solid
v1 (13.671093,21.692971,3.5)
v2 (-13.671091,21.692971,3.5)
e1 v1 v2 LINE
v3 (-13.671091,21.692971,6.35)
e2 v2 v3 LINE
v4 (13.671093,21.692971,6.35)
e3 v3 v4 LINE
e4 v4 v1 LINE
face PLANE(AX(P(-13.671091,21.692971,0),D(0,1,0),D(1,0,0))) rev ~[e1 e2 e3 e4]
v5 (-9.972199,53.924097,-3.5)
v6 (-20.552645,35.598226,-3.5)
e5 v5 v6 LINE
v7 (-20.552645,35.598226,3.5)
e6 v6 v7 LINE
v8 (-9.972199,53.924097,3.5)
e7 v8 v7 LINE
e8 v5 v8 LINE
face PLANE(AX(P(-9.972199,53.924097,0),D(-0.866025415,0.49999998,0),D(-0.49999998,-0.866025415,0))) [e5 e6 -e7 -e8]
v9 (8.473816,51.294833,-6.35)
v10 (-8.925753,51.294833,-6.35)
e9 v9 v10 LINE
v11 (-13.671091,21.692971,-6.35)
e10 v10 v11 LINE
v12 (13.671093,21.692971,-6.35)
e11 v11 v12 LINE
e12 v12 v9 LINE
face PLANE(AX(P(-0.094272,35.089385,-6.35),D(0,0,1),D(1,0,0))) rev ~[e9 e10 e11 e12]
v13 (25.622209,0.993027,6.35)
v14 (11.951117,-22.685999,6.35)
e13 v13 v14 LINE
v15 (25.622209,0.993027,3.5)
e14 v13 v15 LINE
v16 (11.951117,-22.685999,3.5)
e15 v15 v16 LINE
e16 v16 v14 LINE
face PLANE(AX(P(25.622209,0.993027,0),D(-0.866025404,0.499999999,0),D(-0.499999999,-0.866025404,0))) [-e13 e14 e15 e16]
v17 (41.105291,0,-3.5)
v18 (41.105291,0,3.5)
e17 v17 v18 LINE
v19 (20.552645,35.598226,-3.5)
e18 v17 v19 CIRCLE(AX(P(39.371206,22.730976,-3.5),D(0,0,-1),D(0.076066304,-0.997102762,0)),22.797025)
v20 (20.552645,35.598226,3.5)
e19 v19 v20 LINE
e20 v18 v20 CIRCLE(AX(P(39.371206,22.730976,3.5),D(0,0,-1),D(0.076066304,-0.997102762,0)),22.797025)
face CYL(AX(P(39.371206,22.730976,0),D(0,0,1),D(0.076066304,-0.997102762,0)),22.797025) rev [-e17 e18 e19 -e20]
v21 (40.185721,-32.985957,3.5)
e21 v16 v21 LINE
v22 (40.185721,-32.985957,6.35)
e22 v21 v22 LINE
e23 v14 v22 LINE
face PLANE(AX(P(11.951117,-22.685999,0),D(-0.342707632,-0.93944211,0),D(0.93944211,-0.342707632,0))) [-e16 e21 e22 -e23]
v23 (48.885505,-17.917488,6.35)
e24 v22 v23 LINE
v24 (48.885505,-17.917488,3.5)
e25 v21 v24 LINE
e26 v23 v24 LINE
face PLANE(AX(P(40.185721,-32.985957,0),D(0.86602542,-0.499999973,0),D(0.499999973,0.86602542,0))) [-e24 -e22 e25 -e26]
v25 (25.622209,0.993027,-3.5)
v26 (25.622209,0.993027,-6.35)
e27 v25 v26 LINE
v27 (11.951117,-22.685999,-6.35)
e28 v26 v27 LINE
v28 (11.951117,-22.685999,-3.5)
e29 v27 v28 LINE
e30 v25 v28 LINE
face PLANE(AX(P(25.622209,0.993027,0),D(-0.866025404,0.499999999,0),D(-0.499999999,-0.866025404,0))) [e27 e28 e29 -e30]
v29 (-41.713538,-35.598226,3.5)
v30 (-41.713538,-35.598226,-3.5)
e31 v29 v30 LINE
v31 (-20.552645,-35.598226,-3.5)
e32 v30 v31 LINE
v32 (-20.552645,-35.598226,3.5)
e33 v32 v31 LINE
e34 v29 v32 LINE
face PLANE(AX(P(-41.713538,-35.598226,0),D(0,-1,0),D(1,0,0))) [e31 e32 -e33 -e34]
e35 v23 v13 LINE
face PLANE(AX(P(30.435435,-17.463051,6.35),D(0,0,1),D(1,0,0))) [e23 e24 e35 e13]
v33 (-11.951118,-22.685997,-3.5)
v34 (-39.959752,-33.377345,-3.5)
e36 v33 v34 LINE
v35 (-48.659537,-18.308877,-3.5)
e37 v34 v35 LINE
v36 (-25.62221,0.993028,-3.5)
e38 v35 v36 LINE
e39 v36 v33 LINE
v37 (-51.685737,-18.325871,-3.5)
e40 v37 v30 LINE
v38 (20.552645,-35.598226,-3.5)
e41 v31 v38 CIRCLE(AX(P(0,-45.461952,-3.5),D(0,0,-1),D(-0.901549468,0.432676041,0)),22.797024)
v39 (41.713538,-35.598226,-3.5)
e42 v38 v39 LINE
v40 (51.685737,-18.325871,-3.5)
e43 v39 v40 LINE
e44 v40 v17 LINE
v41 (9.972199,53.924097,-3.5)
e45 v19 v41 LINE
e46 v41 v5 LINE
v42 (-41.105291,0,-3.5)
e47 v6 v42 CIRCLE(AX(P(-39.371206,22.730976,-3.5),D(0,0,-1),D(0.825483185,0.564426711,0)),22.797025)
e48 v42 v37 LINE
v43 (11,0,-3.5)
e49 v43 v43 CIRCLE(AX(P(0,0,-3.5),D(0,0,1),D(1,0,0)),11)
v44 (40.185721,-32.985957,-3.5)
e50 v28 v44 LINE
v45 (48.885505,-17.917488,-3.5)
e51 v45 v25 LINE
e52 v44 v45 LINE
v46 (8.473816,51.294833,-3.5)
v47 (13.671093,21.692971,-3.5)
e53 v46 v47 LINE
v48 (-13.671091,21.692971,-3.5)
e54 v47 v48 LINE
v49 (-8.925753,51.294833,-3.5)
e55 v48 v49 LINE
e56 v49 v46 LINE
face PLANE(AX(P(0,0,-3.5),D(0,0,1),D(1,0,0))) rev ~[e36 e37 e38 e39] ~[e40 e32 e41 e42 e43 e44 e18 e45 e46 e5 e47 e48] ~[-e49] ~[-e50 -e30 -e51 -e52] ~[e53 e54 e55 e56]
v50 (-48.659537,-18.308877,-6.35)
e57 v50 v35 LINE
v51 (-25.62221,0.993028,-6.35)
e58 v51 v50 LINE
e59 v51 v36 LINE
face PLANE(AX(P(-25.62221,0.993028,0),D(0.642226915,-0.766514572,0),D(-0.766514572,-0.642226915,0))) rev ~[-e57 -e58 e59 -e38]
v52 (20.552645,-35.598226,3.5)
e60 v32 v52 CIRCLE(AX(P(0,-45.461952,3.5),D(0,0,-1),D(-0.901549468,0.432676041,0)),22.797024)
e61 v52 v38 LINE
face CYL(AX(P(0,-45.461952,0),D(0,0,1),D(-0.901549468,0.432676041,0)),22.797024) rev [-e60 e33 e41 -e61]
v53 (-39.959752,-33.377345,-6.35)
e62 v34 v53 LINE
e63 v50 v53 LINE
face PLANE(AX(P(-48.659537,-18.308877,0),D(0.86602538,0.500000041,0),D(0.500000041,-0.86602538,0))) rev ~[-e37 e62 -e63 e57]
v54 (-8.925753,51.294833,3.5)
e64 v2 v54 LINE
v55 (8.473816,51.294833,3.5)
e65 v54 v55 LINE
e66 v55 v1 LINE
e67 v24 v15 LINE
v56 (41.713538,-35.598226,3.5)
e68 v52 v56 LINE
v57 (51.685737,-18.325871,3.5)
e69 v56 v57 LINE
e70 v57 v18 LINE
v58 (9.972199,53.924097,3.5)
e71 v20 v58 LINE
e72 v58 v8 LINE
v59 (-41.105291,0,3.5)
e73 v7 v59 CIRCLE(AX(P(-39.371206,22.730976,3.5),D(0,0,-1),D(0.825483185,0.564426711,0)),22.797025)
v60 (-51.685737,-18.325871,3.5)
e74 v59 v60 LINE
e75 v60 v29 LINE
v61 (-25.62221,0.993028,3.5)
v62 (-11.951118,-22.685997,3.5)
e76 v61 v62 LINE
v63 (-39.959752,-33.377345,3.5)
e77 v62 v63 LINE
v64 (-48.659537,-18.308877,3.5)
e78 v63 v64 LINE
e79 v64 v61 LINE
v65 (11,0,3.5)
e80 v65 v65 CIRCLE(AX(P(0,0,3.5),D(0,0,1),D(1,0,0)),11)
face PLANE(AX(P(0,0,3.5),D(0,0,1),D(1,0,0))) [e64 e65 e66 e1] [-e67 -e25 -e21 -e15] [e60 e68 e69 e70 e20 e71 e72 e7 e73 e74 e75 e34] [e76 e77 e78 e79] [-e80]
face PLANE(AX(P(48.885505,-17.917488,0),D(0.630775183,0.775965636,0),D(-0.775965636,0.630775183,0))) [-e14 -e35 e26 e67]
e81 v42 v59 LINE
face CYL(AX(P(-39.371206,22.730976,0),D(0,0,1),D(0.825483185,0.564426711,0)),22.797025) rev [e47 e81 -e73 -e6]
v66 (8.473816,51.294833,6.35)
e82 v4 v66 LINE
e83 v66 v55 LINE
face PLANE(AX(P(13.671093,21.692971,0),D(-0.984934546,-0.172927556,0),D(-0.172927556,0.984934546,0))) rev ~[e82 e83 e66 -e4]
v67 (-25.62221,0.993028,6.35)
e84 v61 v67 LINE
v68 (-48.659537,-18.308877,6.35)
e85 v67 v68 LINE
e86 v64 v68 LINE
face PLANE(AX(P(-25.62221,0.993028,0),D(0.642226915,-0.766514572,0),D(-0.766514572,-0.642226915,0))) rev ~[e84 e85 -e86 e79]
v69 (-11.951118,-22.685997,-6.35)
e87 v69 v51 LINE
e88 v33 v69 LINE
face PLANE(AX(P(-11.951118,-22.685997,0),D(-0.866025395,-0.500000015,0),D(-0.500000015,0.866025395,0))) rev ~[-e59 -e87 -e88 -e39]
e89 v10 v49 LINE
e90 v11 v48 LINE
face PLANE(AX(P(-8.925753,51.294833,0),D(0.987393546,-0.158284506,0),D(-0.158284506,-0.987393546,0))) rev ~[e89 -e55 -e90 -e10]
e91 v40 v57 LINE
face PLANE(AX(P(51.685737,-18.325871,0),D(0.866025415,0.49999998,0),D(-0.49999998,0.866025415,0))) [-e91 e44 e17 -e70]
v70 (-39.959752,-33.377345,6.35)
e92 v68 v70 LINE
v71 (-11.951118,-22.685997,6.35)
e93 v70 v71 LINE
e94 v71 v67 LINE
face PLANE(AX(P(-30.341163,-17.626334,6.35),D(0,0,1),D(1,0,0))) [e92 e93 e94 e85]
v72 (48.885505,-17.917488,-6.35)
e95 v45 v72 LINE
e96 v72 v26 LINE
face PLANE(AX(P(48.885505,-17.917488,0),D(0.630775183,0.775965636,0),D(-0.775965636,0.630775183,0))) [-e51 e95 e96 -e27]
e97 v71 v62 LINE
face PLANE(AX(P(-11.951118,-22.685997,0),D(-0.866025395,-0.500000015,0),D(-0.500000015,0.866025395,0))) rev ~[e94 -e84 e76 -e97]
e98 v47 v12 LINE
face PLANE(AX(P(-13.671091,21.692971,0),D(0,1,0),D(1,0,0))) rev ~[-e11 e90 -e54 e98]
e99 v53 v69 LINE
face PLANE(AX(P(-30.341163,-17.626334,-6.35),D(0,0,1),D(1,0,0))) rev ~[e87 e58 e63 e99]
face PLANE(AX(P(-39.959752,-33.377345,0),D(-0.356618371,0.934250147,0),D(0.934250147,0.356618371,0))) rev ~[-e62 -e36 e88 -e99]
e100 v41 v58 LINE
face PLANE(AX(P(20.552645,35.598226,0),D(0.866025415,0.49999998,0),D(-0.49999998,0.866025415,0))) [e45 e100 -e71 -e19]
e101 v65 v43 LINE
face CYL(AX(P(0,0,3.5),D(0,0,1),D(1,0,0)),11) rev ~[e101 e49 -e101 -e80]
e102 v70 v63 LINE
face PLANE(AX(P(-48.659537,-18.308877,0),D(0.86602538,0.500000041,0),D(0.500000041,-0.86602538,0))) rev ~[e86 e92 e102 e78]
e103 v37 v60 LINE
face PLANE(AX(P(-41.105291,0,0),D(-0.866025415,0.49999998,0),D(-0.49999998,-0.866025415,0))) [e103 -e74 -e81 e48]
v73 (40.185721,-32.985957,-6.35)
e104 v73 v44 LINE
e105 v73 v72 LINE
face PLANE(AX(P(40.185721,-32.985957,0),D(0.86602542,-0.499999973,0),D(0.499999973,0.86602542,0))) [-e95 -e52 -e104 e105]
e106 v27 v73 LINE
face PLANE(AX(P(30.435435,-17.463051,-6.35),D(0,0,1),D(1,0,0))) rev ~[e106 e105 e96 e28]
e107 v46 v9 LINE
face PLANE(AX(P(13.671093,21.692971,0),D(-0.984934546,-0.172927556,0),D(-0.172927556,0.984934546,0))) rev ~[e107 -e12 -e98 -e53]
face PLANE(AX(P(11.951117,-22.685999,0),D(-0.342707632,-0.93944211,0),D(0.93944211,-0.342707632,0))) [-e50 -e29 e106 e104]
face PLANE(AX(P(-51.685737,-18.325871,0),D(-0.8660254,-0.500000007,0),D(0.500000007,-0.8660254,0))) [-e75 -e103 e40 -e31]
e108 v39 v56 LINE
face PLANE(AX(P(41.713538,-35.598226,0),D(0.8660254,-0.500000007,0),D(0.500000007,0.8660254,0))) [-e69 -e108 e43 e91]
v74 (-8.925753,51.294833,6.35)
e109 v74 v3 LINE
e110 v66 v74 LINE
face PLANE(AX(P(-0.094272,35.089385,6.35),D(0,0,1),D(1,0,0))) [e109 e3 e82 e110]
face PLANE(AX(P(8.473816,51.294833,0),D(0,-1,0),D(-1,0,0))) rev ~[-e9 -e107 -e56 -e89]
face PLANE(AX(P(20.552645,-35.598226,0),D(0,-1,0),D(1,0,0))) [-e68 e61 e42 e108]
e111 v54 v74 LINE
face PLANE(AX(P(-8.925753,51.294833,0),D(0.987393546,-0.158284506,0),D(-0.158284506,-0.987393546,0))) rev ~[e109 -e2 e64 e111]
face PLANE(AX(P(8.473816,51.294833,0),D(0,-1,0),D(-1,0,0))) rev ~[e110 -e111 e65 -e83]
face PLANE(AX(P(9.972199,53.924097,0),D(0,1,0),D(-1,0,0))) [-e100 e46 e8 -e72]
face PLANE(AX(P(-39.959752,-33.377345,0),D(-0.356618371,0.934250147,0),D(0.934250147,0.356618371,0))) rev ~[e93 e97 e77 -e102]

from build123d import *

# Parameters (mm, degrees)
F1_DEPTH = 3.5
F2_R     = 11
F3_DEPTH = 63.5
F5_DEPTH = 6.35


with BuildPart() as f1:
    # F0 (on Top) → F1 (new body, symmetric)
    with BuildSketch(Plane.XY):
        with BuildLine():
            Line((20.552645, -35.598226), (41.713538, -35.598226))
            Line((41.713538, -35.598226), (51.685737, -18.325871))
            Line((51.685737, -18.325871), (41.105291, 0))
            ThreePointArc((41.105291, 0), (19.628403, 11.332464), (20.552645, 35.598226))
            Line((20.552645, 35.598226), (9.972199, 53.924097))
            Line((9.972199, 53.924097), (-9.972199, 53.924097))
            Line((-9.972199, 53.924097), (-20.552645, 35.598226))
            ThreePointArc((-20.552645, 35.598226), (-19.628403, 11.332464), (-41.105291, 0))
            Line((-41.105291, 0), (-51.685737, -18.325871))
            Line((-51.685737, -18.325871), (-41.713538, -35.598226))
            Line((-41.713538, -35.598226), (-20.552645, -35.598226))
            ThreePointArc((-20.552645, -35.598226), (0, -22.664928), (20.552645, -35.598226))
        make_face()
    extrude(amount=F1_DEPTH, both=True)

    # F2 (on face) → F3 (cut)
    with BuildSketch(Plane.XY.offset(3.5)):
        Circle(F2_R)
    extrude(amount=-F3_DEPTH, mode=Mode.SUBTRACT)

    # F4 (on Top) → F5 (join, symmetric)
    with BuildSketch(Plane.XY):
        Polygon((8.473816, 51.294833), (-8.925753, 51.294833), (-13.671091, 21.692971), (13.671093, 21.692971), align=None)
        Polygon((-11.951118, -22.685997), (-25.62221, 0.993028), (-48.659537, -18.308877), (-39.959752, -33.377345), align=None)
        Polygon((25.622209, 0.993027), (11.951117, -22.685999), (40.185721, -32.985957), (48.885505, -17.917488), align=None)
    extrude(amount=F5_DEPTH, both=True)


solid = f1.part
